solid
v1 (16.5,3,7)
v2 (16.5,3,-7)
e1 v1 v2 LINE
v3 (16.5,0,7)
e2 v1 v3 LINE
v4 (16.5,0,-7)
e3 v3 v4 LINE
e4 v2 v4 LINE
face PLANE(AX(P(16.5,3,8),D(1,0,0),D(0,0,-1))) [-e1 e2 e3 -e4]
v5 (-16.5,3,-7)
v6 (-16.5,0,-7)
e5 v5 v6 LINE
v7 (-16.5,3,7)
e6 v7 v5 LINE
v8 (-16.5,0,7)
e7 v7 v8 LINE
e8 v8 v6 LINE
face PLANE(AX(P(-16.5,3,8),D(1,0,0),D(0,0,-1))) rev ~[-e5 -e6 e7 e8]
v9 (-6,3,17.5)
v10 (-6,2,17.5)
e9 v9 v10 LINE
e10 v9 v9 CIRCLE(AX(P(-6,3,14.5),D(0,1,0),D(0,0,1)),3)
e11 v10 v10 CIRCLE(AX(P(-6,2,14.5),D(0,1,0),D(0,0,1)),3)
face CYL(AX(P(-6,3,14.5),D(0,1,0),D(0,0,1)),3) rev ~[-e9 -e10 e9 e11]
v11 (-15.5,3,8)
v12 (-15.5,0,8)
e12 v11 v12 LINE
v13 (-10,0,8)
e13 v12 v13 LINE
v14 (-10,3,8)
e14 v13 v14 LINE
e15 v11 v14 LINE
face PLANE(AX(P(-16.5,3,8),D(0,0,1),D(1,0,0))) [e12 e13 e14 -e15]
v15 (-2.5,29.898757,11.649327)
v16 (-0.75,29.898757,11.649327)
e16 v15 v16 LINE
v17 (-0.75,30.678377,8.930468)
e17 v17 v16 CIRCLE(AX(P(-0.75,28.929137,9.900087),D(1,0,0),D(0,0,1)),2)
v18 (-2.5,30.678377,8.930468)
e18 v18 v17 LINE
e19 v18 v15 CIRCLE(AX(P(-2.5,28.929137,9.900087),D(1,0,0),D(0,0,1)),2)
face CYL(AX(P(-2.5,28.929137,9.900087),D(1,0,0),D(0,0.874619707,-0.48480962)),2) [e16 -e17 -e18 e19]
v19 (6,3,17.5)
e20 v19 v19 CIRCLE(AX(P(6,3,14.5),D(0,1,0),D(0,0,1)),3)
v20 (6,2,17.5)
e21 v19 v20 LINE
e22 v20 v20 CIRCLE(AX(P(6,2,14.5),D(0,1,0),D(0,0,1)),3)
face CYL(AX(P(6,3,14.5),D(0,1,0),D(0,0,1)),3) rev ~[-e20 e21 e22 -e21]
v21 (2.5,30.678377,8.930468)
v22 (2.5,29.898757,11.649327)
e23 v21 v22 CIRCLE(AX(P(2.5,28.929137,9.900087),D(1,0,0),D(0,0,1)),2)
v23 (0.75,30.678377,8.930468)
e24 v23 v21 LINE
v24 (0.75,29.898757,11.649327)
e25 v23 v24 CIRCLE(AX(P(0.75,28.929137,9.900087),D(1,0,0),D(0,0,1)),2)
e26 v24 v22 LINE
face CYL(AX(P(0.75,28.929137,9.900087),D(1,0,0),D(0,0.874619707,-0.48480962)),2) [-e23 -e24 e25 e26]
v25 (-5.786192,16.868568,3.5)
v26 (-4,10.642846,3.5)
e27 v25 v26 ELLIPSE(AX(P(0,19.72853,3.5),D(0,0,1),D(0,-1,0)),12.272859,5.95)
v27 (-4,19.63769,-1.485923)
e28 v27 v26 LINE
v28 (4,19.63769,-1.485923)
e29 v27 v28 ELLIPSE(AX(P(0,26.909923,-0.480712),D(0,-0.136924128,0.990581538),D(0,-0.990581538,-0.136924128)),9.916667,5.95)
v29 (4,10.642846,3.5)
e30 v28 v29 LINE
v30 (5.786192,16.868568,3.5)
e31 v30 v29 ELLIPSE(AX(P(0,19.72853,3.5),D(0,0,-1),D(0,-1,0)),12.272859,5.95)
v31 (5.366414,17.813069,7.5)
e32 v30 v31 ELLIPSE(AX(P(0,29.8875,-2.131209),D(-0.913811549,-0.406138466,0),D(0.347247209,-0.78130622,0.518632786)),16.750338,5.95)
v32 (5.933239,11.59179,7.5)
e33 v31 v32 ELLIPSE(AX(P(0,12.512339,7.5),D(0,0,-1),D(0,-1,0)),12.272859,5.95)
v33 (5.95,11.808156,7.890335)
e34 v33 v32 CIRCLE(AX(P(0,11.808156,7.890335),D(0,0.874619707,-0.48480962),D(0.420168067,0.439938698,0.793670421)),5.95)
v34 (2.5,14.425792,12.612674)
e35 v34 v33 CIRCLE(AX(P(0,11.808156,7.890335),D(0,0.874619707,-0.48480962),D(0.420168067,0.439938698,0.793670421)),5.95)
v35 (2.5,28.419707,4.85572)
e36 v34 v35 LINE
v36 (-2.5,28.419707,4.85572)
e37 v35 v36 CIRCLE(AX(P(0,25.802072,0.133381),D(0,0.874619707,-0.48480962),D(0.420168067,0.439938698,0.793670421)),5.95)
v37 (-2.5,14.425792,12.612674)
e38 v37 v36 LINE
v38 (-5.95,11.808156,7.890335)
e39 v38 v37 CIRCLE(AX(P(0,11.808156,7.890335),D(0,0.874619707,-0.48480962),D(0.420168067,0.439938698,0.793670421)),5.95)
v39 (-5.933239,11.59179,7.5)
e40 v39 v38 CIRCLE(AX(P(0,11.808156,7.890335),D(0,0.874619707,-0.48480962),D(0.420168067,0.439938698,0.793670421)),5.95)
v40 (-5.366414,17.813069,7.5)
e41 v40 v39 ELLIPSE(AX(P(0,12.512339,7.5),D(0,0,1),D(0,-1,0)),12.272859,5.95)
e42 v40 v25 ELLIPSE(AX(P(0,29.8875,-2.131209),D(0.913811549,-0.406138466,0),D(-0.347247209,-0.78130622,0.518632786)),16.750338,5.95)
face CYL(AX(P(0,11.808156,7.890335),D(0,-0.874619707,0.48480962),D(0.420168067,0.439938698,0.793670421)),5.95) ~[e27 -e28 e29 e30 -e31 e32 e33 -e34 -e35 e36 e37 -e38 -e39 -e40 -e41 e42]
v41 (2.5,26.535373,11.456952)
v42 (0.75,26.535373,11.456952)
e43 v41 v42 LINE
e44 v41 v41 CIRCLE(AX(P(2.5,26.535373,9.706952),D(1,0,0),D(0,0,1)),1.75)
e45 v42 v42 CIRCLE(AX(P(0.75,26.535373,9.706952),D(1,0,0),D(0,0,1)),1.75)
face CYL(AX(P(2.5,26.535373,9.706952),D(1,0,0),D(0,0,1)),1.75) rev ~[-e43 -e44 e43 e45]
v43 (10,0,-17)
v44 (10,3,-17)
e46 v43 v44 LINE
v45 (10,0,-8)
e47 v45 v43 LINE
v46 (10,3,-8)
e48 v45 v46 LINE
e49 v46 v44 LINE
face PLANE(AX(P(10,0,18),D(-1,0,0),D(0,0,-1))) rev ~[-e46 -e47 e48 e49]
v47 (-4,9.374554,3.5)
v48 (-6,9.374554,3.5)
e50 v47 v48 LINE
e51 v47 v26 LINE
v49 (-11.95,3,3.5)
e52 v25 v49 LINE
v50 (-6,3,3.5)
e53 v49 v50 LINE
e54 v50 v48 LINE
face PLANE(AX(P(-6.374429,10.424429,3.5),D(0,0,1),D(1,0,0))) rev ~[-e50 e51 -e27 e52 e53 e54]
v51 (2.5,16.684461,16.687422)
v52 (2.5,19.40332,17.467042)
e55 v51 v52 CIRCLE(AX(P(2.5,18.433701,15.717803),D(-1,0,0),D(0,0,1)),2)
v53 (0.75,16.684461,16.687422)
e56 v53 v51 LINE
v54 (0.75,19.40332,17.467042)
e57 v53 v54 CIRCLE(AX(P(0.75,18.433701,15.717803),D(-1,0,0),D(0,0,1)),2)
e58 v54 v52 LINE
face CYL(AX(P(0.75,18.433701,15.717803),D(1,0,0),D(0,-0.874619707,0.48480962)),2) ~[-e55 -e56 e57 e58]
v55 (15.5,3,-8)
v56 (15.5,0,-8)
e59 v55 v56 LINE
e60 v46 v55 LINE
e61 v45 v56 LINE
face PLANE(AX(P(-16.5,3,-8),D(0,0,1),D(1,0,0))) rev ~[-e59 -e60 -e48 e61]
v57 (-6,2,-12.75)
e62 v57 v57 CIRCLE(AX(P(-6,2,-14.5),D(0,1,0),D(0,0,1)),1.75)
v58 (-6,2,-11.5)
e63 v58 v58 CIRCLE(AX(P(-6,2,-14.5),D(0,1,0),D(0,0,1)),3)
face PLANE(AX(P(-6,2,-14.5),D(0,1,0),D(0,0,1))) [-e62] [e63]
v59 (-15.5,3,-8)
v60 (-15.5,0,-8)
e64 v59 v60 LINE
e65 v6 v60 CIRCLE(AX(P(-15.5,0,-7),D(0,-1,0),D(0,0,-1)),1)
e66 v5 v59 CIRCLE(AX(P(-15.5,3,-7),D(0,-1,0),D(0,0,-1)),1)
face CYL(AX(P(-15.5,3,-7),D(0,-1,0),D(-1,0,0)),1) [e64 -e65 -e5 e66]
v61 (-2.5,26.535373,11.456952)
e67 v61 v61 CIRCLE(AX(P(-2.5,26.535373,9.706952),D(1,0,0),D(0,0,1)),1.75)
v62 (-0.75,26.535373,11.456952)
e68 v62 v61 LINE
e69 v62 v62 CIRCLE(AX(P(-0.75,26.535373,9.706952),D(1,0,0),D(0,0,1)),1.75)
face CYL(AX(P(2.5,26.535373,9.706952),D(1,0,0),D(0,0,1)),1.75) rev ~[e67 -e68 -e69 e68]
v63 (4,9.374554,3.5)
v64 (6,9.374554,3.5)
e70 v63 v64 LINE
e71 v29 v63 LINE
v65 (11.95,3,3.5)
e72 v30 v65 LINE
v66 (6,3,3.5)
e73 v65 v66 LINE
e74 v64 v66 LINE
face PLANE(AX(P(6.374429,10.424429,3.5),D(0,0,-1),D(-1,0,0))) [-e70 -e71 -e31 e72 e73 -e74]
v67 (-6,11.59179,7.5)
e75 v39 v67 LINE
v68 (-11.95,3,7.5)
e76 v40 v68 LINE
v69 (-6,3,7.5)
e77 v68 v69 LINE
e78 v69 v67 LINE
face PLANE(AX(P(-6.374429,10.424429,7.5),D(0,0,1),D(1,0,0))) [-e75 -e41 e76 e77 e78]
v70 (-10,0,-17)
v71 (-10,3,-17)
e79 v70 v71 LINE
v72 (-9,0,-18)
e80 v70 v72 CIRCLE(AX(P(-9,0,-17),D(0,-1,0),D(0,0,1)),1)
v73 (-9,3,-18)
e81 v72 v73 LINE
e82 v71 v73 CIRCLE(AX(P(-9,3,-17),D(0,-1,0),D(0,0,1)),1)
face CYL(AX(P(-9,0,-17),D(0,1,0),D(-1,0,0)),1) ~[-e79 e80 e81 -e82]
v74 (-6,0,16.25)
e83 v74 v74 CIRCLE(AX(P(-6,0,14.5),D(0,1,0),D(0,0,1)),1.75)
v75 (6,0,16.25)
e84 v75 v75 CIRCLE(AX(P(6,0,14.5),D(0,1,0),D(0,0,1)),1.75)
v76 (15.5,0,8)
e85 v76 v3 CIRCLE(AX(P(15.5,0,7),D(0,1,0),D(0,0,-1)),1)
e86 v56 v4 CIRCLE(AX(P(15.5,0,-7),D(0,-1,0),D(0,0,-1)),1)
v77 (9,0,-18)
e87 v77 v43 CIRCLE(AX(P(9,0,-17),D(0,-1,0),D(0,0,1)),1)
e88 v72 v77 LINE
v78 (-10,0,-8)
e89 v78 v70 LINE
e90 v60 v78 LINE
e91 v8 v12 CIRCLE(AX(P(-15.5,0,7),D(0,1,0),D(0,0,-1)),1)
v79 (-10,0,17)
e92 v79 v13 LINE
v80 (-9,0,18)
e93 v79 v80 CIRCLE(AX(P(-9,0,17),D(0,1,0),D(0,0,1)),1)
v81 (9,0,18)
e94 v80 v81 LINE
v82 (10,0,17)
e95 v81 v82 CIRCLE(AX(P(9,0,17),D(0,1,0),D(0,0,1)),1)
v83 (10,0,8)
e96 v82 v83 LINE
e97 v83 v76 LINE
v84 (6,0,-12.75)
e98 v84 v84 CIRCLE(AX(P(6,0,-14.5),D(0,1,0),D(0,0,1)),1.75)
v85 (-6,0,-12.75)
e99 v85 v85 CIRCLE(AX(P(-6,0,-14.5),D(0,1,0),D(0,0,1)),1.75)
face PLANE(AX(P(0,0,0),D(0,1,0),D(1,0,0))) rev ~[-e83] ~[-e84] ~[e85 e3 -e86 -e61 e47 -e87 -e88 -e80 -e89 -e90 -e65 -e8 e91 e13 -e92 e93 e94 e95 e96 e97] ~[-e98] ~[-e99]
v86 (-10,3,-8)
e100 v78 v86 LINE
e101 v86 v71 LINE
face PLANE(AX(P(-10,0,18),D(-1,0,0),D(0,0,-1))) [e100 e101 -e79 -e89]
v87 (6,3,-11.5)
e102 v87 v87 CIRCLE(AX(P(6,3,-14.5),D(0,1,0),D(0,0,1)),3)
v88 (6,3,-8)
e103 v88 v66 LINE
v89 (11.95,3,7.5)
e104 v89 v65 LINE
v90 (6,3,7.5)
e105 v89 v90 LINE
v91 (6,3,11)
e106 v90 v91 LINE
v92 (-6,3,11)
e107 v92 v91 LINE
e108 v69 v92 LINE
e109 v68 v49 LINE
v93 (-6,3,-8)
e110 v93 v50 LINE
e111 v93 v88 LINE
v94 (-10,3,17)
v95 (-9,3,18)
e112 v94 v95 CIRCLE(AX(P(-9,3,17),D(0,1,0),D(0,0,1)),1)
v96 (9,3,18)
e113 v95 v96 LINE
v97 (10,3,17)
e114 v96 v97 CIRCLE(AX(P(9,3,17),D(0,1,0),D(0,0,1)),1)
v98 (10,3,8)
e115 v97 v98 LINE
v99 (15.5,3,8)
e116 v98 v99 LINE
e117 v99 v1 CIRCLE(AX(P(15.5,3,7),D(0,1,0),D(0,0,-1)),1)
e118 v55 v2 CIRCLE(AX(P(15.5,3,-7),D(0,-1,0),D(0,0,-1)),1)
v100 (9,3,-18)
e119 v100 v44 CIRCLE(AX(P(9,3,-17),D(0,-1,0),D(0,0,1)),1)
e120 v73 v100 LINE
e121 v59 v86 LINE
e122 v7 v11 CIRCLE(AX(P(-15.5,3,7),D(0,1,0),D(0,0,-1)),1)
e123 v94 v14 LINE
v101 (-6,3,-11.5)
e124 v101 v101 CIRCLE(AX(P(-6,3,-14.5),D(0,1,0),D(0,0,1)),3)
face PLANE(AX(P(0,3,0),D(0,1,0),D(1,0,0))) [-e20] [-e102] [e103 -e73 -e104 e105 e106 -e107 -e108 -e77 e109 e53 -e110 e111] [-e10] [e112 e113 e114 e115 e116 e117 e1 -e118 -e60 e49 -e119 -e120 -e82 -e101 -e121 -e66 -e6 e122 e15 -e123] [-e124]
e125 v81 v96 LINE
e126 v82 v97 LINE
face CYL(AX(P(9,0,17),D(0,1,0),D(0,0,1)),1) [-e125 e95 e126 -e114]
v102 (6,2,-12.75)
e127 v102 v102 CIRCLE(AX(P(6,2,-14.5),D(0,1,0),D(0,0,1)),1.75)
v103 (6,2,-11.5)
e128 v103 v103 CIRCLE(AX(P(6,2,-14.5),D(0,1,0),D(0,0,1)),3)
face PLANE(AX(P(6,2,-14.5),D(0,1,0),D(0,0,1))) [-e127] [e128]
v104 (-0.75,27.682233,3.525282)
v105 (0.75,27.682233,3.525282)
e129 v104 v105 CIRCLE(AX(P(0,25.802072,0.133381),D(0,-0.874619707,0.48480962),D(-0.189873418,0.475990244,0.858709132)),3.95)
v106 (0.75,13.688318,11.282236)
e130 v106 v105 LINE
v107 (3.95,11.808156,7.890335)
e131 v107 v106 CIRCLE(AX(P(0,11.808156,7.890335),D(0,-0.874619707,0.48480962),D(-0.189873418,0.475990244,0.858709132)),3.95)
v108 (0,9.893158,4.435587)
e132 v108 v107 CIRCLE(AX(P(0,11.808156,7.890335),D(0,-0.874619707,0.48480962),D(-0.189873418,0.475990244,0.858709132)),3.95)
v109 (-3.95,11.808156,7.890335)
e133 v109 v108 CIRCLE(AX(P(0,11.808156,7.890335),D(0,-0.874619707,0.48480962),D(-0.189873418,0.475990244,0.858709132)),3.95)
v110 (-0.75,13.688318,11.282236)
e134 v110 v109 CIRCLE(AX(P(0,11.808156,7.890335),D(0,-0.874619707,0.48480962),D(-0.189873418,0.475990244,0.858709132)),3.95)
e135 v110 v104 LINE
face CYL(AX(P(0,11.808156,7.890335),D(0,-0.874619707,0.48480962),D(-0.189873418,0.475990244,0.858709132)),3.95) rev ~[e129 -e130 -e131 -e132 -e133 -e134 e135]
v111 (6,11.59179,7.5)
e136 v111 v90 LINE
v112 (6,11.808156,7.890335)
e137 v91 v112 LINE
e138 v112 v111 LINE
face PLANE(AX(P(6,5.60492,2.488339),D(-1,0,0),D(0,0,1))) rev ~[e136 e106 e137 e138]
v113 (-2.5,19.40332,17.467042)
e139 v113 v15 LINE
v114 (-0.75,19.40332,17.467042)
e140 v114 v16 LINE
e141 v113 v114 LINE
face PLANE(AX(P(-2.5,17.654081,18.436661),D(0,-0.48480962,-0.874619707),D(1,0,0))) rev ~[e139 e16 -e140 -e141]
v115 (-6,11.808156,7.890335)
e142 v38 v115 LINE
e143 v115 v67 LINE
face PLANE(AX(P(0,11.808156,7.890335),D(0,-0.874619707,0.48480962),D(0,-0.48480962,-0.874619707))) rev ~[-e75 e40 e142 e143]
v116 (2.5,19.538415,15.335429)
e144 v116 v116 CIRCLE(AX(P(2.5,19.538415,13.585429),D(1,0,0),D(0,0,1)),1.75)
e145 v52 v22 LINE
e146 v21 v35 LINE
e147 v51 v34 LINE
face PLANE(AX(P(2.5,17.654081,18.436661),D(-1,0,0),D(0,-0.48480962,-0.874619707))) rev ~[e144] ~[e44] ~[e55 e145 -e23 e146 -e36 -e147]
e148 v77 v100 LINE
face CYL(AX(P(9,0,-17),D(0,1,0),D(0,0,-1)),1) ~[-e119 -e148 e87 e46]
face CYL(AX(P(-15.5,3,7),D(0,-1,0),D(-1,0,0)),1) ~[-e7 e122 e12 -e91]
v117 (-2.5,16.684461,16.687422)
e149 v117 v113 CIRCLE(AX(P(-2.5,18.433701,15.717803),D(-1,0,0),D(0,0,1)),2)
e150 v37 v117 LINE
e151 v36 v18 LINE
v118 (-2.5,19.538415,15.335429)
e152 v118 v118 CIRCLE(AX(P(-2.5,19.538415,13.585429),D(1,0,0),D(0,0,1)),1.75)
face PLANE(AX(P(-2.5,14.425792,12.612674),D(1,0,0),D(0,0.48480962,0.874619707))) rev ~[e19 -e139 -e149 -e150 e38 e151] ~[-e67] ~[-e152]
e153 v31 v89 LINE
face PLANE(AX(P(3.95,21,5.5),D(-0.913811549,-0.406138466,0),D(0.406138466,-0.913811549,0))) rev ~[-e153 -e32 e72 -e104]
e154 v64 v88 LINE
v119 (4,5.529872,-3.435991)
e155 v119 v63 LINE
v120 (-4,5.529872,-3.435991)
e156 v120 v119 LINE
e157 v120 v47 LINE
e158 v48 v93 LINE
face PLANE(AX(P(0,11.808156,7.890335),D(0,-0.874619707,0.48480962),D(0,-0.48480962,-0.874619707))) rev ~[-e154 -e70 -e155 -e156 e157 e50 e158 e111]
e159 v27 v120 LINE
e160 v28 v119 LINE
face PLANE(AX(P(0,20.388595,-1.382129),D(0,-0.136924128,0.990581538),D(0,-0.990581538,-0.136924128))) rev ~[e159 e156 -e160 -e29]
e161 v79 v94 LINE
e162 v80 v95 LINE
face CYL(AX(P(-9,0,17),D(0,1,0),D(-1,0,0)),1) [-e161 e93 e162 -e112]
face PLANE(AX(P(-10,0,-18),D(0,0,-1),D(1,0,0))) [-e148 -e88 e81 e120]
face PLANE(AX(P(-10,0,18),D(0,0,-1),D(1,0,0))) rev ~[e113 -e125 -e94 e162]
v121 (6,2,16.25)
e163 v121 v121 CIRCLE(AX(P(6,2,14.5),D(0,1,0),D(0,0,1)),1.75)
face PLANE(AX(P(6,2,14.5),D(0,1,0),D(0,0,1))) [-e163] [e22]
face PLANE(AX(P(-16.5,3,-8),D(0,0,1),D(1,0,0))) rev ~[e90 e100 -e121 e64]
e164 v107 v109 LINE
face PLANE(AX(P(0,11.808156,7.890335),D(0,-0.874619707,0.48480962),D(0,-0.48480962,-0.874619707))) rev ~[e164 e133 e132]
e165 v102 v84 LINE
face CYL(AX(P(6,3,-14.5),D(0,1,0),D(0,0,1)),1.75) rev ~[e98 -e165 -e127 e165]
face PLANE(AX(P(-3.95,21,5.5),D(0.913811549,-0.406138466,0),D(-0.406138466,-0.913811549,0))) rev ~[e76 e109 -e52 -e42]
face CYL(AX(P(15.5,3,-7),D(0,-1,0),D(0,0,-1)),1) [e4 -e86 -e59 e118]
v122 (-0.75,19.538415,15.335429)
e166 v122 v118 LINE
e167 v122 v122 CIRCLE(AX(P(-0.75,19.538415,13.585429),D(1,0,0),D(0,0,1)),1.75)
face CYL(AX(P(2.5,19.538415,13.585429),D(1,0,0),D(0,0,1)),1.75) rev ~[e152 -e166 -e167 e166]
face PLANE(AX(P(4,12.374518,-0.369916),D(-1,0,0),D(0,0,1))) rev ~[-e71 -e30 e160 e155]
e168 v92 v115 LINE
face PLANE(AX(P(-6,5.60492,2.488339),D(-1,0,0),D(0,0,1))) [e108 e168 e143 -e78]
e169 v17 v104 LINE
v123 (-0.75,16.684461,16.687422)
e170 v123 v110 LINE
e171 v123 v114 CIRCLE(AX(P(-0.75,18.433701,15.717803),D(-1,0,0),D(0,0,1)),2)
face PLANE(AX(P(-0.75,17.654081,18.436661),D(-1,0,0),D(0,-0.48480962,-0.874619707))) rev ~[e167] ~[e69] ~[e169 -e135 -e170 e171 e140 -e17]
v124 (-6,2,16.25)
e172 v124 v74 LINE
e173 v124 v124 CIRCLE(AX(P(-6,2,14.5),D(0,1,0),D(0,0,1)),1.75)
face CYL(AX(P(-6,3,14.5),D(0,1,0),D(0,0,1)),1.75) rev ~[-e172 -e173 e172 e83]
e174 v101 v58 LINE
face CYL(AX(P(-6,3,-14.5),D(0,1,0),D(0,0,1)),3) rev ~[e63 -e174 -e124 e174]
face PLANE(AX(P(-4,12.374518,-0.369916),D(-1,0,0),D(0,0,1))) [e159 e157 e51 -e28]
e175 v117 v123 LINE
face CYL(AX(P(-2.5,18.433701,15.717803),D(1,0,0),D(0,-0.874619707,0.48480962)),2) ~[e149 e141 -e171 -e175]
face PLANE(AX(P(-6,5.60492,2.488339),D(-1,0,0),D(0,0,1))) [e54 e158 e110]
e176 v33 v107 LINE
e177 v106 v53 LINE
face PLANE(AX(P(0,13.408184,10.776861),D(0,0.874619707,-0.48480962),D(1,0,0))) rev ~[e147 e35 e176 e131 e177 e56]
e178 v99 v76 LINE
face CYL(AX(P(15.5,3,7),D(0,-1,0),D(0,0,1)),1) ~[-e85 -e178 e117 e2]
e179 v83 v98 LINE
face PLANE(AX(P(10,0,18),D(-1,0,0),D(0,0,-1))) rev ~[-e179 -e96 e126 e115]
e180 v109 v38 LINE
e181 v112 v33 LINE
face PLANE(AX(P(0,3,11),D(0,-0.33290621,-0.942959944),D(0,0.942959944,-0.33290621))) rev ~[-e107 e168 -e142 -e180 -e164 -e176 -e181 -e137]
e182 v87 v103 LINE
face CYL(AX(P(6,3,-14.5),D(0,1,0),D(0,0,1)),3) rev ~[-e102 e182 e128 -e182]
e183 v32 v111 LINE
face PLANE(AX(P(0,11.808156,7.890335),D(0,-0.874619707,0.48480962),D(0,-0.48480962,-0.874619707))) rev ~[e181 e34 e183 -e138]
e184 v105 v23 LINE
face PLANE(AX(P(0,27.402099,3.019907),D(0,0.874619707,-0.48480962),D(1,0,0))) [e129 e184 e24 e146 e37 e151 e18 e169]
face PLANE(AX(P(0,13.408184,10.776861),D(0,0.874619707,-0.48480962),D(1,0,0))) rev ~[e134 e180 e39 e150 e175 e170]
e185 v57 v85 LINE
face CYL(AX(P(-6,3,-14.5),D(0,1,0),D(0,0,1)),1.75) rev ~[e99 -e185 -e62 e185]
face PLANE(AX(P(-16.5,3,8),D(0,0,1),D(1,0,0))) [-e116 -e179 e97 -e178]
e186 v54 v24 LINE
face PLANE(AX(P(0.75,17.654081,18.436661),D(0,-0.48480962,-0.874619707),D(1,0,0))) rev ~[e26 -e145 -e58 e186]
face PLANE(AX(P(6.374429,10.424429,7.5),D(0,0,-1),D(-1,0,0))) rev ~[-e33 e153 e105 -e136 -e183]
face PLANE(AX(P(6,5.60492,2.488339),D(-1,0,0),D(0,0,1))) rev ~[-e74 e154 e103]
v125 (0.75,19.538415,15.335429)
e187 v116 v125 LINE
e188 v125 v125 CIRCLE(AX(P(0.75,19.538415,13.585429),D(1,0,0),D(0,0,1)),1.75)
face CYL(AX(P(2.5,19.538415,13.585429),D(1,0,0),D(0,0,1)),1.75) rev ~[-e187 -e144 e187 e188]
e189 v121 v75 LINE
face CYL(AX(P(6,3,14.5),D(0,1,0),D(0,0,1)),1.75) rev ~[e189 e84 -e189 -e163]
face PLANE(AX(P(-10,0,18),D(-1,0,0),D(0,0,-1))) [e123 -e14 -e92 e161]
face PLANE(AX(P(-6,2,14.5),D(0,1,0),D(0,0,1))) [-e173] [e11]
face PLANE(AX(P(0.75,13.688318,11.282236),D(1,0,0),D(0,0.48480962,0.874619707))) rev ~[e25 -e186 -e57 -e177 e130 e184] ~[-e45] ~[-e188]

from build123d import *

# Parameters (mm, degrees)
SKETCH_1_W          = 20
SKETCH_1_H          = 36
EXTRUDE_1_DEPTH     = 3
SKETCH_2_W          = 33
SKETCH_2_H          = 16
EXTRUDE_2_DEPTH     = 3
EXTRUDE_4_DEPTH     = 6
EXTRUDE_6_DEPTH     = 16
EXTRUDE_7_DEPTH     = 4
SKETCH_13_R         = 1.75
CUT_EXTRUDE_4_DEPTH = 42.261436472
FILLET_3_R          = 2
FILLET_5_R          = 1
SKETCH_14_R         = 1.75
CUT_EXTRUDE_5_DEPTH = 38.098338449
SKETCH_15_R         = 3
CUT_EXTRUDE_6_DEPTH = 1
EXTRUDE_8_DEPTH     = 2


with BuildPart() as part:
    # 草图1 → 凸台-拉伸1 (new body)
    with BuildSketch(Plane(origin=(0, 0, 0), x_dir=(1, 0, 0), z_dir=(0, 1, 0))):
        Rectangle(SKETCH_1_W, SKETCH_1_H)
    extrude(amount=EXTRUDE_1_DEPTH)

    # 草图2 → 凸台-拉伸2 (add)
    with BuildSketch(Plane(origin=(0, 3, 0), x_dir=(1, 0, 0), z_dir=(0, 1, 0))):
        Rectangle(SKETCH_2_W, SKETCH_2_H)
    extrude(amount=-EXTRUDE_2_DEPTH)

    # 草图9 → 凸台-拉伸4 (add, symmetric)
    with BuildSketch(Plane(origin=(0, 0, 0), x_dir=(0, 0, -1), z_dir=(1, 0, 0))):
        Polygon((-11, 3), (-7.89033458, 11.808156288), (8, 3), align=None)
    extrude(amount=EXTRUDE_4_DEPTH, both=True)

    # 草图11 → 凸台-拉伸6 (add)
    with BuildSketch(Plane(origin=(0, 5.687071281, -3.152395087), x_dir=(1, 0, 0), z_dir=(0, 0.8746197071393988, -0.48480962024633173))):
        with BuildLine():
            Line((0.75, -24.683935623), (2.5, -24.683935623))
            Line((2.5, -24.683935623), (2.5, -18.025055397))
            ThreePointArc((2.5, -18.025055397), (0, -6.675749886), (-2.5, -18.025055397))
            Line((-2.5, -18.025055397), (-2.5, -24.683935623))
            Line((-2.5, -24.683935623), (-0.75, -24.683935623))
            Line((-0.75, -24.683935623), (-0.75, -16.503893772))
            ThreePointArc((-0.75, -16.503893772), (0, -8.675749886), (0.75, -16.503893772))
            Line((0.75, -16.503893772), (0.75, -24.683935623))
        make_face()
    extrude(amount=EXTRUDE_6_DEPTH)

    # 草图12 → 凸台-拉伸7 (add, symmetric)
    with BuildSketch(Plane(origin=(0, 0, 0), x_dir=(0, 0, -1), z_dir=(1, 0, 0))):
        Polygon((-4.435586737, 9.893158289), (1.382128706, 20.388594774), (3.435990627, 5.529871706), align=None)
    extrude(amount=EXTRUDE_7_DEPTH, both=True)

    # 草图13 → 切除-拉伸4 (cut, through all)
    with BuildSketch(Plane(origin=(2.5, 0, 0), x_dir=(0, 0, -1), z_dir=(1, 0, 0))):
        with Locations(Location((-9.706952079, 26.535372625, 0), (0, 0, 180))):
            Circle(SKETCH_13_R)
        with Locations(Location((-13.585429041, 19.538414968, 0), (0, 0, 180))):
            Circle(SKETCH_13_R)
    extrude(amount=-CUT_EXTRUDE_4_DEPTH, mode=Mode.SUBTRACT)

    # 圆角3
    fillet_3_edges = [part.edges().sort_by_distance(p)[0] for p in [
        (-1.625, 17.654080736, 18.436661458),
        (1.625, 17.654080736, 18.436661458),
        (-1.625, 31.647996051, 10.679707534),
        (1.625, 31.647996051, 10.679707534),
    ]]
    fillet(fillet_3_edges, radius=FILLET_3_R)

    # 圆角5
    fillet_5_edges = [part.edges().sort_by_distance(p)[0] for p in [
        (16.5, 1.5, 8),
        (-16.5, 1.5, -8),
        (16.5, 1.5, -8),
        (-16.5, 1.5, 8),
        (10, 1.5, 18),
        (-10, 1.5, 18),
        (-10, 1.5, -18),
        (10, 1.5, -18),
    ]]
    fillet(fillet_5_edges, radius=FILLET_5_R)

    # 草图14 → 切除-拉伸5 (cut, through all)
    with BuildSketch(Plane(origin=(0, 3, 0), x_dir=(1, 0, 0), z_dir=(0, 1, 0))):
        with Locations(Location((-6, -14.5, 0), (0, 0, 270))):
            Circle(SKETCH_14_R)
        with Locations(Location((-6, 14.5, 0), (0, 0, 270))):
            Circle(SKETCH_14_R)
        with Locations(Location((6, 14.5, 0), (0, 0, 270))):
            Circle(SKETCH_14_R)
        with Locations(Location((6, -14.5, 0), (0, 0, 270))):
            Circle(SKETCH_14_R)
    extrude(amount=-CUT_EXTRUDE_5_DEPTH, mode=Mode.SUBTRACT)

    # 草图15 → 切除-拉伸6 (cut)
    with BuildSketch(Plane(origin=(0, 3, 0), x_dir=(1, 0, 0), z_dir=(0, 1, 0))):
        with Locations(Location((6, -14.5, 0), (0, 0, 270))):
            Circle(SKETCH_15_R)
        with Locations(Location((-6, -14.5, 0), (0, 0, 270))):
            Circle(SKETCH_15_R)
        with Locations(Location((6, 14.5, 0), (0, 0, 270))):
            Circle(SKETCH_15_R)
        with Locations(Location((-6, 14.5, 0), (0, 0, 270))):
            Circle(SKETCH_15_R)
    extrude(amount=-CUT_EXTRUDE_6_DEPTH, mode=Mode.SUBTRACT)

    # 草图16 → 凸台-拉伸8 (add, symmetric)
    with BuildSketch(Plane(origin=(0, 0, 5.5), x_dir=(-1, 0, 0), z_dir=(0, 0, -1))):
        Polygon((-3.95, 21), (-11.95, 3), (-3.95, 3), align=None)
        Polygon((3.95, 3), (3.95, 21), (11.95, 3), align=None)
    extrude(amount=EXTRUDE_8_DEPTH, both=True)


solid = part.part
